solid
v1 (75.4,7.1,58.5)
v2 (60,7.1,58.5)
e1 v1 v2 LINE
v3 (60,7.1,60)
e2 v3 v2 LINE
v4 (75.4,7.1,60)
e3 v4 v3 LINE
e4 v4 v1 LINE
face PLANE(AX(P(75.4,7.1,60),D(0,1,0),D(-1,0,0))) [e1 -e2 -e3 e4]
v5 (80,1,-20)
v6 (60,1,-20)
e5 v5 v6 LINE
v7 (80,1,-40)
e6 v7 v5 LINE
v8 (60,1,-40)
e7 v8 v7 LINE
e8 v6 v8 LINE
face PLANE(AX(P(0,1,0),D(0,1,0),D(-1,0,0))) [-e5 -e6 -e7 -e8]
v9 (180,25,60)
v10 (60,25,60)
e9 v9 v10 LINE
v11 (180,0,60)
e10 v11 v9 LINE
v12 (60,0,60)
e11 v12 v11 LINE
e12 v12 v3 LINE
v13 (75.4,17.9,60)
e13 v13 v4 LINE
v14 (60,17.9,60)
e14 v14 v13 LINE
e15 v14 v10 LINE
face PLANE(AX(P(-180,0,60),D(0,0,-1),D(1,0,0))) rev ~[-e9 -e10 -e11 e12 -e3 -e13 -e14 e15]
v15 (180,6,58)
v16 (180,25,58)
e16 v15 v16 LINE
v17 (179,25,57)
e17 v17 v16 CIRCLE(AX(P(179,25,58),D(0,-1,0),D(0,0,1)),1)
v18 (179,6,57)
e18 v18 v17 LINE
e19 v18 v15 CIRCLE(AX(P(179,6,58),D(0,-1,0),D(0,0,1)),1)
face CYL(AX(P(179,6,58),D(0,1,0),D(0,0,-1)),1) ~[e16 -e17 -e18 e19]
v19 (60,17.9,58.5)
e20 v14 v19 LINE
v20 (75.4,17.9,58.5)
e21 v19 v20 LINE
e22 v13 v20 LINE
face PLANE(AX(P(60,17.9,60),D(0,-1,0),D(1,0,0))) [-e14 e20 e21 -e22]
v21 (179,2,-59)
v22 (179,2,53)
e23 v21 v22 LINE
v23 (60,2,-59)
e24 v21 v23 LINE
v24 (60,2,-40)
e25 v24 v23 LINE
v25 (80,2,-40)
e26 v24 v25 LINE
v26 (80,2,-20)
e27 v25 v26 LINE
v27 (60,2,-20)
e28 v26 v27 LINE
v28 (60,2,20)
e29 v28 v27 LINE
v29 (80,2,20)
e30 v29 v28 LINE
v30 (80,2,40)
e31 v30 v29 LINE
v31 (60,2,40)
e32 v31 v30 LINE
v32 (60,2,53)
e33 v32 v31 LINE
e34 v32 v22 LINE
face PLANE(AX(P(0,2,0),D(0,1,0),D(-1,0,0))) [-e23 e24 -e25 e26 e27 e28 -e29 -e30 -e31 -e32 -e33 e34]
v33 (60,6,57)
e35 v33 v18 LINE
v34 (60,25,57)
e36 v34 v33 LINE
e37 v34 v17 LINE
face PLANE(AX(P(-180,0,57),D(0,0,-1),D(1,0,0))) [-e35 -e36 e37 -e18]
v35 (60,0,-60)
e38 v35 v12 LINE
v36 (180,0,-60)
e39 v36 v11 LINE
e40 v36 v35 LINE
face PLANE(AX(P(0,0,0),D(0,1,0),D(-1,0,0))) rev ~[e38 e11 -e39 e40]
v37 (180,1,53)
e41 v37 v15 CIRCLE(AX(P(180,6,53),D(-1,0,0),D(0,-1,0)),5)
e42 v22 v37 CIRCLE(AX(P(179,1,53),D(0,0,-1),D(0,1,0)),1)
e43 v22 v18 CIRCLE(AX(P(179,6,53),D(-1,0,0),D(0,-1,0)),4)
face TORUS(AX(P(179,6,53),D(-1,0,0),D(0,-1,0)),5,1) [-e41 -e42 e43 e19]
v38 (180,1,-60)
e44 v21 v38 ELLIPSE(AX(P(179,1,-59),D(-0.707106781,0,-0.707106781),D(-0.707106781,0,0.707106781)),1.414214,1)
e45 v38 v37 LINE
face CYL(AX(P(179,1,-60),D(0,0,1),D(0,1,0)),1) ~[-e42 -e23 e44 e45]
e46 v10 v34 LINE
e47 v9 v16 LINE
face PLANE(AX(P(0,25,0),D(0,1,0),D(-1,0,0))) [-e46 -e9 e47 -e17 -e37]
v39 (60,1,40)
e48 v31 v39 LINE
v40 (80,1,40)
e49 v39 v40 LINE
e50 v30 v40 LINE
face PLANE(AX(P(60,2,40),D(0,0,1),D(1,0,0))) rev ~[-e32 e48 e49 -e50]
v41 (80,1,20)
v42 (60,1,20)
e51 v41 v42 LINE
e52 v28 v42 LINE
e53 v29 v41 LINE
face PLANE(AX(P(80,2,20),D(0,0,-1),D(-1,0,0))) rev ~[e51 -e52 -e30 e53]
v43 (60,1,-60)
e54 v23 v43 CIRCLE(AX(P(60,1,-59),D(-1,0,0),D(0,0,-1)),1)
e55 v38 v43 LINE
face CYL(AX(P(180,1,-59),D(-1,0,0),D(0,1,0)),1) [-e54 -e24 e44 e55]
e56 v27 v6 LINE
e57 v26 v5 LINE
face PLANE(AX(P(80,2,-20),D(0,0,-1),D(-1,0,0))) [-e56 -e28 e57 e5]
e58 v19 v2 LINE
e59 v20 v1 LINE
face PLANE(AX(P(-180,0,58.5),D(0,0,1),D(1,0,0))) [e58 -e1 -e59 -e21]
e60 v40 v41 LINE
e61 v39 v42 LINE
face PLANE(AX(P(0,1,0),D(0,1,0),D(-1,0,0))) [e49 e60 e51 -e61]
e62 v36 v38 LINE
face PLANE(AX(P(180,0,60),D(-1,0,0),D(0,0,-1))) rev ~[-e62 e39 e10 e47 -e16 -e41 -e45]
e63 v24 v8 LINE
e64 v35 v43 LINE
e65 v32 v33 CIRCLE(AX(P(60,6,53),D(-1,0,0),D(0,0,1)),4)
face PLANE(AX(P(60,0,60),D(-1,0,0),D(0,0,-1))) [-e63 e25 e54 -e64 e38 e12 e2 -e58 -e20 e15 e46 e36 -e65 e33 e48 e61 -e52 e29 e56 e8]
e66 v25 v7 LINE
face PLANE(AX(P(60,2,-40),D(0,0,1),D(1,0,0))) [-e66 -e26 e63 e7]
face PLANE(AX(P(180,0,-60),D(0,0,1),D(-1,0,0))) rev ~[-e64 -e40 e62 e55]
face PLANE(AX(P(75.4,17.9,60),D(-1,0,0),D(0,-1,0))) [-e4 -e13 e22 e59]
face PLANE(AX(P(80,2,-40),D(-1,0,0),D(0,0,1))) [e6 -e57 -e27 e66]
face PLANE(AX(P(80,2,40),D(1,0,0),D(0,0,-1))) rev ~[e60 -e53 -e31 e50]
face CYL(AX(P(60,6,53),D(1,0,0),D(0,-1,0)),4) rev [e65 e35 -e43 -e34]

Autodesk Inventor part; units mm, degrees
ref_plane "YZ Plane" through (0, 0, 0) normal (1, 0, 0) x (0, 1, 0)
ref_plane "XZ Plane" through (0, 0, 0) normal (0, 1, 0) x (-1, 0, 0)
ref_plane "XY Plane" through (0, 0, 0) normal (0, 0, 1) x (1, 0, 0)
sketch "スケッチ1" plane through (0, 0, 0) normal (0, 1, 0) x (-1, 0, 0)
  line L0 (180, 60) -> (-180, 60)
  line L1 (-180, 60) -> (-180, -60)
  line L2 (-180, -60) -> (180, -60)
  line L3 (180, -60) -> (180, 60)
  line L4 (180, 60) -> (-180, -60) construction
  line L5 (-180, 60) -> (180, -60) construction
  line L6 (180, 57) -> (-180, 57)
  line L7 (-60, 60) -> (-60, -60)
  line L8 (-60, 40) -> (-80, 40)
  line L9 (-80, 40) -> (-80, 20)
  line L10 (-80, 20) -> (-60, 20)
  line L11 (252, 0) -> (-252, 0) construction
  line L12 (-60, -40) -> (-80, -40)
  line L13 (-80, -40) -> (-80, -20)
  line L14 (-80, -20) -> (-60, -20)
  line L15 (0, -84) -> (0, 84) construction
  line L16 (60, 60) -> (60, -60)
  line L17 (60, 40) -> (80, 40)
  line L18 (80, 40) -> (80, 20)
  line L19 (80, 20) -> (60, 20)
  line L20 (60, -40) -> (80, -40)
  line L21 (80, -20) -> (60, -20)
  line L22 (80, -40) -> (80, -20)
  line L23 (-60, 19.7) -> (-80.3, 19.7)
  line L24 (-80.3, 19.7) -> (-80.3, 40.3)
  line L25 (-80.3, 40.3) -> (-60, 40.3)
  line L26 (-60, -19.7) -> (-80.3, -19.7)
  line L27 (-80.3, -19.7) -> (-80.3, -40.3)
  line L28 (-80.3, -40.3) -> (-60, -40.3)
  line L29 (60, 19.7) -> (80.3, 19.7)
  line L30 (80.3, 19.7) -> (80.3, 40.3)
  line L31 (80.3, 40.3) -> (60, 40.3)
  line L32 (60, -19.7) -> (80.3, -19.7)
  line L33 (80.3, -19.7) -> (80.3, -40.3)
  line L34 (80.3, -40.3) -> (60, -40.3)
  point P0 (0, 0)
  point P1 (-60, 57)
  dimension "d0" = 120
  dimension "d1" = 360
  dimension "d4" = 3
  dimension "d5" = 120
  dimension "d7" = 20
  dimension "d8" = 20
  dimension "d9" = 20
  dimension "d10" = 0.3
  dimension "d11" = 0.3
extrude "押し出し3" add sketch "スケッチ1" along normal blind 25 contours L3 L6 L16 L0 | L16 L6 L7 L0 | L7 L6 L1 L0
extrude "押し出し1" add sketch "スケッチ1" along normal blind 2 contours L7 L6 L1 L0 | L7 L25 L24 L23 L26 L27 L28 L2 L1 L6 | L7 L8 L9 L10 L23 L24 L25 | L7 L10 L9 L8 | L28 L27 L26 L7 L14 L13 L12 | L12 L13 L14 L7
extrude "押し出し2" cut sketch "スケッチ1" against normal blind 1 from surface at 2 contours L7 L10 L9 L8 | L12 L13 L14 L7
sketch "スケッチ2" plane through (-180, 0, 60) normal (0, 0, 1) x (1, 0, 0)
  line L0 (0, 0) -> (360, 0) projected
  line L1 (360, 0) -> (360, 25) projected
  line L2 (0, 25) -> (360, 25) projected
  line L3 (0, 0) -> (0, 25) projected
  line L4 (240, 0) -> (240, 25)
  line L5 (240, 7.5) -> (255, 7.5)
  line L6 (255, 7.5) -> (255, 17.5)
  line L7 (255, 17.5) -> (240, 17.5)
  line L8 (180, -5) -> (180, 30) construction
  line L9 (120, 0) -> (120, 25)
  line L10 (120, 7.5) -> (105, 7.5)
  line L11 (105, 7.5) -> (105, 17.5)
  line L12 (105, 17.5) -> (120, 17.5)
  line L13 (240, 17.9) -> (255.4, 17.9)
  line L14 (255.4, 17.9) -> (255.4, 7.1)
  line L15 (255.4, 7.1) -> (240, 7.1)
  line L16 (120, 17.9) -> (104.6, 17.9)
  line L17 (104.6, 17.9) -> (104.6, 7.1)
  line L18 (104.6, 7.1) -> (120, 7.1)
  point P0 (180, 0)
  point P1 (360, 12.5)
  dimension "d16" = 120
  dimension "d17" = 10
  dimension "d18" = 15
  dimension "d19" = 7.5
  dimension "d24" = 0.4
extrude "押し出し4" cut sketch "スケッチ2" against normal blind 25 contours L3 L2 L9 L16 L17 L18 L0 | L9 L2 L4 L0 | L18 L17 L16 L9 L12 L11 L10 | L10 L11 L12 L9
extrude "押し出し5" cut sketch "スケッチ2" against normal blind 1.5 contours L4 L5 L6 L7 L13 L14 L15 | L4 L7 L6 L5
fillet "フィレット2" radius 4 1 edges at (120, 2, 57)
fillet "フィレット3" radius 1 3 edges at (180, 15.5, 57) (180, 2, -3.5) (120, 2, -60)
properties part number "protectar1"
